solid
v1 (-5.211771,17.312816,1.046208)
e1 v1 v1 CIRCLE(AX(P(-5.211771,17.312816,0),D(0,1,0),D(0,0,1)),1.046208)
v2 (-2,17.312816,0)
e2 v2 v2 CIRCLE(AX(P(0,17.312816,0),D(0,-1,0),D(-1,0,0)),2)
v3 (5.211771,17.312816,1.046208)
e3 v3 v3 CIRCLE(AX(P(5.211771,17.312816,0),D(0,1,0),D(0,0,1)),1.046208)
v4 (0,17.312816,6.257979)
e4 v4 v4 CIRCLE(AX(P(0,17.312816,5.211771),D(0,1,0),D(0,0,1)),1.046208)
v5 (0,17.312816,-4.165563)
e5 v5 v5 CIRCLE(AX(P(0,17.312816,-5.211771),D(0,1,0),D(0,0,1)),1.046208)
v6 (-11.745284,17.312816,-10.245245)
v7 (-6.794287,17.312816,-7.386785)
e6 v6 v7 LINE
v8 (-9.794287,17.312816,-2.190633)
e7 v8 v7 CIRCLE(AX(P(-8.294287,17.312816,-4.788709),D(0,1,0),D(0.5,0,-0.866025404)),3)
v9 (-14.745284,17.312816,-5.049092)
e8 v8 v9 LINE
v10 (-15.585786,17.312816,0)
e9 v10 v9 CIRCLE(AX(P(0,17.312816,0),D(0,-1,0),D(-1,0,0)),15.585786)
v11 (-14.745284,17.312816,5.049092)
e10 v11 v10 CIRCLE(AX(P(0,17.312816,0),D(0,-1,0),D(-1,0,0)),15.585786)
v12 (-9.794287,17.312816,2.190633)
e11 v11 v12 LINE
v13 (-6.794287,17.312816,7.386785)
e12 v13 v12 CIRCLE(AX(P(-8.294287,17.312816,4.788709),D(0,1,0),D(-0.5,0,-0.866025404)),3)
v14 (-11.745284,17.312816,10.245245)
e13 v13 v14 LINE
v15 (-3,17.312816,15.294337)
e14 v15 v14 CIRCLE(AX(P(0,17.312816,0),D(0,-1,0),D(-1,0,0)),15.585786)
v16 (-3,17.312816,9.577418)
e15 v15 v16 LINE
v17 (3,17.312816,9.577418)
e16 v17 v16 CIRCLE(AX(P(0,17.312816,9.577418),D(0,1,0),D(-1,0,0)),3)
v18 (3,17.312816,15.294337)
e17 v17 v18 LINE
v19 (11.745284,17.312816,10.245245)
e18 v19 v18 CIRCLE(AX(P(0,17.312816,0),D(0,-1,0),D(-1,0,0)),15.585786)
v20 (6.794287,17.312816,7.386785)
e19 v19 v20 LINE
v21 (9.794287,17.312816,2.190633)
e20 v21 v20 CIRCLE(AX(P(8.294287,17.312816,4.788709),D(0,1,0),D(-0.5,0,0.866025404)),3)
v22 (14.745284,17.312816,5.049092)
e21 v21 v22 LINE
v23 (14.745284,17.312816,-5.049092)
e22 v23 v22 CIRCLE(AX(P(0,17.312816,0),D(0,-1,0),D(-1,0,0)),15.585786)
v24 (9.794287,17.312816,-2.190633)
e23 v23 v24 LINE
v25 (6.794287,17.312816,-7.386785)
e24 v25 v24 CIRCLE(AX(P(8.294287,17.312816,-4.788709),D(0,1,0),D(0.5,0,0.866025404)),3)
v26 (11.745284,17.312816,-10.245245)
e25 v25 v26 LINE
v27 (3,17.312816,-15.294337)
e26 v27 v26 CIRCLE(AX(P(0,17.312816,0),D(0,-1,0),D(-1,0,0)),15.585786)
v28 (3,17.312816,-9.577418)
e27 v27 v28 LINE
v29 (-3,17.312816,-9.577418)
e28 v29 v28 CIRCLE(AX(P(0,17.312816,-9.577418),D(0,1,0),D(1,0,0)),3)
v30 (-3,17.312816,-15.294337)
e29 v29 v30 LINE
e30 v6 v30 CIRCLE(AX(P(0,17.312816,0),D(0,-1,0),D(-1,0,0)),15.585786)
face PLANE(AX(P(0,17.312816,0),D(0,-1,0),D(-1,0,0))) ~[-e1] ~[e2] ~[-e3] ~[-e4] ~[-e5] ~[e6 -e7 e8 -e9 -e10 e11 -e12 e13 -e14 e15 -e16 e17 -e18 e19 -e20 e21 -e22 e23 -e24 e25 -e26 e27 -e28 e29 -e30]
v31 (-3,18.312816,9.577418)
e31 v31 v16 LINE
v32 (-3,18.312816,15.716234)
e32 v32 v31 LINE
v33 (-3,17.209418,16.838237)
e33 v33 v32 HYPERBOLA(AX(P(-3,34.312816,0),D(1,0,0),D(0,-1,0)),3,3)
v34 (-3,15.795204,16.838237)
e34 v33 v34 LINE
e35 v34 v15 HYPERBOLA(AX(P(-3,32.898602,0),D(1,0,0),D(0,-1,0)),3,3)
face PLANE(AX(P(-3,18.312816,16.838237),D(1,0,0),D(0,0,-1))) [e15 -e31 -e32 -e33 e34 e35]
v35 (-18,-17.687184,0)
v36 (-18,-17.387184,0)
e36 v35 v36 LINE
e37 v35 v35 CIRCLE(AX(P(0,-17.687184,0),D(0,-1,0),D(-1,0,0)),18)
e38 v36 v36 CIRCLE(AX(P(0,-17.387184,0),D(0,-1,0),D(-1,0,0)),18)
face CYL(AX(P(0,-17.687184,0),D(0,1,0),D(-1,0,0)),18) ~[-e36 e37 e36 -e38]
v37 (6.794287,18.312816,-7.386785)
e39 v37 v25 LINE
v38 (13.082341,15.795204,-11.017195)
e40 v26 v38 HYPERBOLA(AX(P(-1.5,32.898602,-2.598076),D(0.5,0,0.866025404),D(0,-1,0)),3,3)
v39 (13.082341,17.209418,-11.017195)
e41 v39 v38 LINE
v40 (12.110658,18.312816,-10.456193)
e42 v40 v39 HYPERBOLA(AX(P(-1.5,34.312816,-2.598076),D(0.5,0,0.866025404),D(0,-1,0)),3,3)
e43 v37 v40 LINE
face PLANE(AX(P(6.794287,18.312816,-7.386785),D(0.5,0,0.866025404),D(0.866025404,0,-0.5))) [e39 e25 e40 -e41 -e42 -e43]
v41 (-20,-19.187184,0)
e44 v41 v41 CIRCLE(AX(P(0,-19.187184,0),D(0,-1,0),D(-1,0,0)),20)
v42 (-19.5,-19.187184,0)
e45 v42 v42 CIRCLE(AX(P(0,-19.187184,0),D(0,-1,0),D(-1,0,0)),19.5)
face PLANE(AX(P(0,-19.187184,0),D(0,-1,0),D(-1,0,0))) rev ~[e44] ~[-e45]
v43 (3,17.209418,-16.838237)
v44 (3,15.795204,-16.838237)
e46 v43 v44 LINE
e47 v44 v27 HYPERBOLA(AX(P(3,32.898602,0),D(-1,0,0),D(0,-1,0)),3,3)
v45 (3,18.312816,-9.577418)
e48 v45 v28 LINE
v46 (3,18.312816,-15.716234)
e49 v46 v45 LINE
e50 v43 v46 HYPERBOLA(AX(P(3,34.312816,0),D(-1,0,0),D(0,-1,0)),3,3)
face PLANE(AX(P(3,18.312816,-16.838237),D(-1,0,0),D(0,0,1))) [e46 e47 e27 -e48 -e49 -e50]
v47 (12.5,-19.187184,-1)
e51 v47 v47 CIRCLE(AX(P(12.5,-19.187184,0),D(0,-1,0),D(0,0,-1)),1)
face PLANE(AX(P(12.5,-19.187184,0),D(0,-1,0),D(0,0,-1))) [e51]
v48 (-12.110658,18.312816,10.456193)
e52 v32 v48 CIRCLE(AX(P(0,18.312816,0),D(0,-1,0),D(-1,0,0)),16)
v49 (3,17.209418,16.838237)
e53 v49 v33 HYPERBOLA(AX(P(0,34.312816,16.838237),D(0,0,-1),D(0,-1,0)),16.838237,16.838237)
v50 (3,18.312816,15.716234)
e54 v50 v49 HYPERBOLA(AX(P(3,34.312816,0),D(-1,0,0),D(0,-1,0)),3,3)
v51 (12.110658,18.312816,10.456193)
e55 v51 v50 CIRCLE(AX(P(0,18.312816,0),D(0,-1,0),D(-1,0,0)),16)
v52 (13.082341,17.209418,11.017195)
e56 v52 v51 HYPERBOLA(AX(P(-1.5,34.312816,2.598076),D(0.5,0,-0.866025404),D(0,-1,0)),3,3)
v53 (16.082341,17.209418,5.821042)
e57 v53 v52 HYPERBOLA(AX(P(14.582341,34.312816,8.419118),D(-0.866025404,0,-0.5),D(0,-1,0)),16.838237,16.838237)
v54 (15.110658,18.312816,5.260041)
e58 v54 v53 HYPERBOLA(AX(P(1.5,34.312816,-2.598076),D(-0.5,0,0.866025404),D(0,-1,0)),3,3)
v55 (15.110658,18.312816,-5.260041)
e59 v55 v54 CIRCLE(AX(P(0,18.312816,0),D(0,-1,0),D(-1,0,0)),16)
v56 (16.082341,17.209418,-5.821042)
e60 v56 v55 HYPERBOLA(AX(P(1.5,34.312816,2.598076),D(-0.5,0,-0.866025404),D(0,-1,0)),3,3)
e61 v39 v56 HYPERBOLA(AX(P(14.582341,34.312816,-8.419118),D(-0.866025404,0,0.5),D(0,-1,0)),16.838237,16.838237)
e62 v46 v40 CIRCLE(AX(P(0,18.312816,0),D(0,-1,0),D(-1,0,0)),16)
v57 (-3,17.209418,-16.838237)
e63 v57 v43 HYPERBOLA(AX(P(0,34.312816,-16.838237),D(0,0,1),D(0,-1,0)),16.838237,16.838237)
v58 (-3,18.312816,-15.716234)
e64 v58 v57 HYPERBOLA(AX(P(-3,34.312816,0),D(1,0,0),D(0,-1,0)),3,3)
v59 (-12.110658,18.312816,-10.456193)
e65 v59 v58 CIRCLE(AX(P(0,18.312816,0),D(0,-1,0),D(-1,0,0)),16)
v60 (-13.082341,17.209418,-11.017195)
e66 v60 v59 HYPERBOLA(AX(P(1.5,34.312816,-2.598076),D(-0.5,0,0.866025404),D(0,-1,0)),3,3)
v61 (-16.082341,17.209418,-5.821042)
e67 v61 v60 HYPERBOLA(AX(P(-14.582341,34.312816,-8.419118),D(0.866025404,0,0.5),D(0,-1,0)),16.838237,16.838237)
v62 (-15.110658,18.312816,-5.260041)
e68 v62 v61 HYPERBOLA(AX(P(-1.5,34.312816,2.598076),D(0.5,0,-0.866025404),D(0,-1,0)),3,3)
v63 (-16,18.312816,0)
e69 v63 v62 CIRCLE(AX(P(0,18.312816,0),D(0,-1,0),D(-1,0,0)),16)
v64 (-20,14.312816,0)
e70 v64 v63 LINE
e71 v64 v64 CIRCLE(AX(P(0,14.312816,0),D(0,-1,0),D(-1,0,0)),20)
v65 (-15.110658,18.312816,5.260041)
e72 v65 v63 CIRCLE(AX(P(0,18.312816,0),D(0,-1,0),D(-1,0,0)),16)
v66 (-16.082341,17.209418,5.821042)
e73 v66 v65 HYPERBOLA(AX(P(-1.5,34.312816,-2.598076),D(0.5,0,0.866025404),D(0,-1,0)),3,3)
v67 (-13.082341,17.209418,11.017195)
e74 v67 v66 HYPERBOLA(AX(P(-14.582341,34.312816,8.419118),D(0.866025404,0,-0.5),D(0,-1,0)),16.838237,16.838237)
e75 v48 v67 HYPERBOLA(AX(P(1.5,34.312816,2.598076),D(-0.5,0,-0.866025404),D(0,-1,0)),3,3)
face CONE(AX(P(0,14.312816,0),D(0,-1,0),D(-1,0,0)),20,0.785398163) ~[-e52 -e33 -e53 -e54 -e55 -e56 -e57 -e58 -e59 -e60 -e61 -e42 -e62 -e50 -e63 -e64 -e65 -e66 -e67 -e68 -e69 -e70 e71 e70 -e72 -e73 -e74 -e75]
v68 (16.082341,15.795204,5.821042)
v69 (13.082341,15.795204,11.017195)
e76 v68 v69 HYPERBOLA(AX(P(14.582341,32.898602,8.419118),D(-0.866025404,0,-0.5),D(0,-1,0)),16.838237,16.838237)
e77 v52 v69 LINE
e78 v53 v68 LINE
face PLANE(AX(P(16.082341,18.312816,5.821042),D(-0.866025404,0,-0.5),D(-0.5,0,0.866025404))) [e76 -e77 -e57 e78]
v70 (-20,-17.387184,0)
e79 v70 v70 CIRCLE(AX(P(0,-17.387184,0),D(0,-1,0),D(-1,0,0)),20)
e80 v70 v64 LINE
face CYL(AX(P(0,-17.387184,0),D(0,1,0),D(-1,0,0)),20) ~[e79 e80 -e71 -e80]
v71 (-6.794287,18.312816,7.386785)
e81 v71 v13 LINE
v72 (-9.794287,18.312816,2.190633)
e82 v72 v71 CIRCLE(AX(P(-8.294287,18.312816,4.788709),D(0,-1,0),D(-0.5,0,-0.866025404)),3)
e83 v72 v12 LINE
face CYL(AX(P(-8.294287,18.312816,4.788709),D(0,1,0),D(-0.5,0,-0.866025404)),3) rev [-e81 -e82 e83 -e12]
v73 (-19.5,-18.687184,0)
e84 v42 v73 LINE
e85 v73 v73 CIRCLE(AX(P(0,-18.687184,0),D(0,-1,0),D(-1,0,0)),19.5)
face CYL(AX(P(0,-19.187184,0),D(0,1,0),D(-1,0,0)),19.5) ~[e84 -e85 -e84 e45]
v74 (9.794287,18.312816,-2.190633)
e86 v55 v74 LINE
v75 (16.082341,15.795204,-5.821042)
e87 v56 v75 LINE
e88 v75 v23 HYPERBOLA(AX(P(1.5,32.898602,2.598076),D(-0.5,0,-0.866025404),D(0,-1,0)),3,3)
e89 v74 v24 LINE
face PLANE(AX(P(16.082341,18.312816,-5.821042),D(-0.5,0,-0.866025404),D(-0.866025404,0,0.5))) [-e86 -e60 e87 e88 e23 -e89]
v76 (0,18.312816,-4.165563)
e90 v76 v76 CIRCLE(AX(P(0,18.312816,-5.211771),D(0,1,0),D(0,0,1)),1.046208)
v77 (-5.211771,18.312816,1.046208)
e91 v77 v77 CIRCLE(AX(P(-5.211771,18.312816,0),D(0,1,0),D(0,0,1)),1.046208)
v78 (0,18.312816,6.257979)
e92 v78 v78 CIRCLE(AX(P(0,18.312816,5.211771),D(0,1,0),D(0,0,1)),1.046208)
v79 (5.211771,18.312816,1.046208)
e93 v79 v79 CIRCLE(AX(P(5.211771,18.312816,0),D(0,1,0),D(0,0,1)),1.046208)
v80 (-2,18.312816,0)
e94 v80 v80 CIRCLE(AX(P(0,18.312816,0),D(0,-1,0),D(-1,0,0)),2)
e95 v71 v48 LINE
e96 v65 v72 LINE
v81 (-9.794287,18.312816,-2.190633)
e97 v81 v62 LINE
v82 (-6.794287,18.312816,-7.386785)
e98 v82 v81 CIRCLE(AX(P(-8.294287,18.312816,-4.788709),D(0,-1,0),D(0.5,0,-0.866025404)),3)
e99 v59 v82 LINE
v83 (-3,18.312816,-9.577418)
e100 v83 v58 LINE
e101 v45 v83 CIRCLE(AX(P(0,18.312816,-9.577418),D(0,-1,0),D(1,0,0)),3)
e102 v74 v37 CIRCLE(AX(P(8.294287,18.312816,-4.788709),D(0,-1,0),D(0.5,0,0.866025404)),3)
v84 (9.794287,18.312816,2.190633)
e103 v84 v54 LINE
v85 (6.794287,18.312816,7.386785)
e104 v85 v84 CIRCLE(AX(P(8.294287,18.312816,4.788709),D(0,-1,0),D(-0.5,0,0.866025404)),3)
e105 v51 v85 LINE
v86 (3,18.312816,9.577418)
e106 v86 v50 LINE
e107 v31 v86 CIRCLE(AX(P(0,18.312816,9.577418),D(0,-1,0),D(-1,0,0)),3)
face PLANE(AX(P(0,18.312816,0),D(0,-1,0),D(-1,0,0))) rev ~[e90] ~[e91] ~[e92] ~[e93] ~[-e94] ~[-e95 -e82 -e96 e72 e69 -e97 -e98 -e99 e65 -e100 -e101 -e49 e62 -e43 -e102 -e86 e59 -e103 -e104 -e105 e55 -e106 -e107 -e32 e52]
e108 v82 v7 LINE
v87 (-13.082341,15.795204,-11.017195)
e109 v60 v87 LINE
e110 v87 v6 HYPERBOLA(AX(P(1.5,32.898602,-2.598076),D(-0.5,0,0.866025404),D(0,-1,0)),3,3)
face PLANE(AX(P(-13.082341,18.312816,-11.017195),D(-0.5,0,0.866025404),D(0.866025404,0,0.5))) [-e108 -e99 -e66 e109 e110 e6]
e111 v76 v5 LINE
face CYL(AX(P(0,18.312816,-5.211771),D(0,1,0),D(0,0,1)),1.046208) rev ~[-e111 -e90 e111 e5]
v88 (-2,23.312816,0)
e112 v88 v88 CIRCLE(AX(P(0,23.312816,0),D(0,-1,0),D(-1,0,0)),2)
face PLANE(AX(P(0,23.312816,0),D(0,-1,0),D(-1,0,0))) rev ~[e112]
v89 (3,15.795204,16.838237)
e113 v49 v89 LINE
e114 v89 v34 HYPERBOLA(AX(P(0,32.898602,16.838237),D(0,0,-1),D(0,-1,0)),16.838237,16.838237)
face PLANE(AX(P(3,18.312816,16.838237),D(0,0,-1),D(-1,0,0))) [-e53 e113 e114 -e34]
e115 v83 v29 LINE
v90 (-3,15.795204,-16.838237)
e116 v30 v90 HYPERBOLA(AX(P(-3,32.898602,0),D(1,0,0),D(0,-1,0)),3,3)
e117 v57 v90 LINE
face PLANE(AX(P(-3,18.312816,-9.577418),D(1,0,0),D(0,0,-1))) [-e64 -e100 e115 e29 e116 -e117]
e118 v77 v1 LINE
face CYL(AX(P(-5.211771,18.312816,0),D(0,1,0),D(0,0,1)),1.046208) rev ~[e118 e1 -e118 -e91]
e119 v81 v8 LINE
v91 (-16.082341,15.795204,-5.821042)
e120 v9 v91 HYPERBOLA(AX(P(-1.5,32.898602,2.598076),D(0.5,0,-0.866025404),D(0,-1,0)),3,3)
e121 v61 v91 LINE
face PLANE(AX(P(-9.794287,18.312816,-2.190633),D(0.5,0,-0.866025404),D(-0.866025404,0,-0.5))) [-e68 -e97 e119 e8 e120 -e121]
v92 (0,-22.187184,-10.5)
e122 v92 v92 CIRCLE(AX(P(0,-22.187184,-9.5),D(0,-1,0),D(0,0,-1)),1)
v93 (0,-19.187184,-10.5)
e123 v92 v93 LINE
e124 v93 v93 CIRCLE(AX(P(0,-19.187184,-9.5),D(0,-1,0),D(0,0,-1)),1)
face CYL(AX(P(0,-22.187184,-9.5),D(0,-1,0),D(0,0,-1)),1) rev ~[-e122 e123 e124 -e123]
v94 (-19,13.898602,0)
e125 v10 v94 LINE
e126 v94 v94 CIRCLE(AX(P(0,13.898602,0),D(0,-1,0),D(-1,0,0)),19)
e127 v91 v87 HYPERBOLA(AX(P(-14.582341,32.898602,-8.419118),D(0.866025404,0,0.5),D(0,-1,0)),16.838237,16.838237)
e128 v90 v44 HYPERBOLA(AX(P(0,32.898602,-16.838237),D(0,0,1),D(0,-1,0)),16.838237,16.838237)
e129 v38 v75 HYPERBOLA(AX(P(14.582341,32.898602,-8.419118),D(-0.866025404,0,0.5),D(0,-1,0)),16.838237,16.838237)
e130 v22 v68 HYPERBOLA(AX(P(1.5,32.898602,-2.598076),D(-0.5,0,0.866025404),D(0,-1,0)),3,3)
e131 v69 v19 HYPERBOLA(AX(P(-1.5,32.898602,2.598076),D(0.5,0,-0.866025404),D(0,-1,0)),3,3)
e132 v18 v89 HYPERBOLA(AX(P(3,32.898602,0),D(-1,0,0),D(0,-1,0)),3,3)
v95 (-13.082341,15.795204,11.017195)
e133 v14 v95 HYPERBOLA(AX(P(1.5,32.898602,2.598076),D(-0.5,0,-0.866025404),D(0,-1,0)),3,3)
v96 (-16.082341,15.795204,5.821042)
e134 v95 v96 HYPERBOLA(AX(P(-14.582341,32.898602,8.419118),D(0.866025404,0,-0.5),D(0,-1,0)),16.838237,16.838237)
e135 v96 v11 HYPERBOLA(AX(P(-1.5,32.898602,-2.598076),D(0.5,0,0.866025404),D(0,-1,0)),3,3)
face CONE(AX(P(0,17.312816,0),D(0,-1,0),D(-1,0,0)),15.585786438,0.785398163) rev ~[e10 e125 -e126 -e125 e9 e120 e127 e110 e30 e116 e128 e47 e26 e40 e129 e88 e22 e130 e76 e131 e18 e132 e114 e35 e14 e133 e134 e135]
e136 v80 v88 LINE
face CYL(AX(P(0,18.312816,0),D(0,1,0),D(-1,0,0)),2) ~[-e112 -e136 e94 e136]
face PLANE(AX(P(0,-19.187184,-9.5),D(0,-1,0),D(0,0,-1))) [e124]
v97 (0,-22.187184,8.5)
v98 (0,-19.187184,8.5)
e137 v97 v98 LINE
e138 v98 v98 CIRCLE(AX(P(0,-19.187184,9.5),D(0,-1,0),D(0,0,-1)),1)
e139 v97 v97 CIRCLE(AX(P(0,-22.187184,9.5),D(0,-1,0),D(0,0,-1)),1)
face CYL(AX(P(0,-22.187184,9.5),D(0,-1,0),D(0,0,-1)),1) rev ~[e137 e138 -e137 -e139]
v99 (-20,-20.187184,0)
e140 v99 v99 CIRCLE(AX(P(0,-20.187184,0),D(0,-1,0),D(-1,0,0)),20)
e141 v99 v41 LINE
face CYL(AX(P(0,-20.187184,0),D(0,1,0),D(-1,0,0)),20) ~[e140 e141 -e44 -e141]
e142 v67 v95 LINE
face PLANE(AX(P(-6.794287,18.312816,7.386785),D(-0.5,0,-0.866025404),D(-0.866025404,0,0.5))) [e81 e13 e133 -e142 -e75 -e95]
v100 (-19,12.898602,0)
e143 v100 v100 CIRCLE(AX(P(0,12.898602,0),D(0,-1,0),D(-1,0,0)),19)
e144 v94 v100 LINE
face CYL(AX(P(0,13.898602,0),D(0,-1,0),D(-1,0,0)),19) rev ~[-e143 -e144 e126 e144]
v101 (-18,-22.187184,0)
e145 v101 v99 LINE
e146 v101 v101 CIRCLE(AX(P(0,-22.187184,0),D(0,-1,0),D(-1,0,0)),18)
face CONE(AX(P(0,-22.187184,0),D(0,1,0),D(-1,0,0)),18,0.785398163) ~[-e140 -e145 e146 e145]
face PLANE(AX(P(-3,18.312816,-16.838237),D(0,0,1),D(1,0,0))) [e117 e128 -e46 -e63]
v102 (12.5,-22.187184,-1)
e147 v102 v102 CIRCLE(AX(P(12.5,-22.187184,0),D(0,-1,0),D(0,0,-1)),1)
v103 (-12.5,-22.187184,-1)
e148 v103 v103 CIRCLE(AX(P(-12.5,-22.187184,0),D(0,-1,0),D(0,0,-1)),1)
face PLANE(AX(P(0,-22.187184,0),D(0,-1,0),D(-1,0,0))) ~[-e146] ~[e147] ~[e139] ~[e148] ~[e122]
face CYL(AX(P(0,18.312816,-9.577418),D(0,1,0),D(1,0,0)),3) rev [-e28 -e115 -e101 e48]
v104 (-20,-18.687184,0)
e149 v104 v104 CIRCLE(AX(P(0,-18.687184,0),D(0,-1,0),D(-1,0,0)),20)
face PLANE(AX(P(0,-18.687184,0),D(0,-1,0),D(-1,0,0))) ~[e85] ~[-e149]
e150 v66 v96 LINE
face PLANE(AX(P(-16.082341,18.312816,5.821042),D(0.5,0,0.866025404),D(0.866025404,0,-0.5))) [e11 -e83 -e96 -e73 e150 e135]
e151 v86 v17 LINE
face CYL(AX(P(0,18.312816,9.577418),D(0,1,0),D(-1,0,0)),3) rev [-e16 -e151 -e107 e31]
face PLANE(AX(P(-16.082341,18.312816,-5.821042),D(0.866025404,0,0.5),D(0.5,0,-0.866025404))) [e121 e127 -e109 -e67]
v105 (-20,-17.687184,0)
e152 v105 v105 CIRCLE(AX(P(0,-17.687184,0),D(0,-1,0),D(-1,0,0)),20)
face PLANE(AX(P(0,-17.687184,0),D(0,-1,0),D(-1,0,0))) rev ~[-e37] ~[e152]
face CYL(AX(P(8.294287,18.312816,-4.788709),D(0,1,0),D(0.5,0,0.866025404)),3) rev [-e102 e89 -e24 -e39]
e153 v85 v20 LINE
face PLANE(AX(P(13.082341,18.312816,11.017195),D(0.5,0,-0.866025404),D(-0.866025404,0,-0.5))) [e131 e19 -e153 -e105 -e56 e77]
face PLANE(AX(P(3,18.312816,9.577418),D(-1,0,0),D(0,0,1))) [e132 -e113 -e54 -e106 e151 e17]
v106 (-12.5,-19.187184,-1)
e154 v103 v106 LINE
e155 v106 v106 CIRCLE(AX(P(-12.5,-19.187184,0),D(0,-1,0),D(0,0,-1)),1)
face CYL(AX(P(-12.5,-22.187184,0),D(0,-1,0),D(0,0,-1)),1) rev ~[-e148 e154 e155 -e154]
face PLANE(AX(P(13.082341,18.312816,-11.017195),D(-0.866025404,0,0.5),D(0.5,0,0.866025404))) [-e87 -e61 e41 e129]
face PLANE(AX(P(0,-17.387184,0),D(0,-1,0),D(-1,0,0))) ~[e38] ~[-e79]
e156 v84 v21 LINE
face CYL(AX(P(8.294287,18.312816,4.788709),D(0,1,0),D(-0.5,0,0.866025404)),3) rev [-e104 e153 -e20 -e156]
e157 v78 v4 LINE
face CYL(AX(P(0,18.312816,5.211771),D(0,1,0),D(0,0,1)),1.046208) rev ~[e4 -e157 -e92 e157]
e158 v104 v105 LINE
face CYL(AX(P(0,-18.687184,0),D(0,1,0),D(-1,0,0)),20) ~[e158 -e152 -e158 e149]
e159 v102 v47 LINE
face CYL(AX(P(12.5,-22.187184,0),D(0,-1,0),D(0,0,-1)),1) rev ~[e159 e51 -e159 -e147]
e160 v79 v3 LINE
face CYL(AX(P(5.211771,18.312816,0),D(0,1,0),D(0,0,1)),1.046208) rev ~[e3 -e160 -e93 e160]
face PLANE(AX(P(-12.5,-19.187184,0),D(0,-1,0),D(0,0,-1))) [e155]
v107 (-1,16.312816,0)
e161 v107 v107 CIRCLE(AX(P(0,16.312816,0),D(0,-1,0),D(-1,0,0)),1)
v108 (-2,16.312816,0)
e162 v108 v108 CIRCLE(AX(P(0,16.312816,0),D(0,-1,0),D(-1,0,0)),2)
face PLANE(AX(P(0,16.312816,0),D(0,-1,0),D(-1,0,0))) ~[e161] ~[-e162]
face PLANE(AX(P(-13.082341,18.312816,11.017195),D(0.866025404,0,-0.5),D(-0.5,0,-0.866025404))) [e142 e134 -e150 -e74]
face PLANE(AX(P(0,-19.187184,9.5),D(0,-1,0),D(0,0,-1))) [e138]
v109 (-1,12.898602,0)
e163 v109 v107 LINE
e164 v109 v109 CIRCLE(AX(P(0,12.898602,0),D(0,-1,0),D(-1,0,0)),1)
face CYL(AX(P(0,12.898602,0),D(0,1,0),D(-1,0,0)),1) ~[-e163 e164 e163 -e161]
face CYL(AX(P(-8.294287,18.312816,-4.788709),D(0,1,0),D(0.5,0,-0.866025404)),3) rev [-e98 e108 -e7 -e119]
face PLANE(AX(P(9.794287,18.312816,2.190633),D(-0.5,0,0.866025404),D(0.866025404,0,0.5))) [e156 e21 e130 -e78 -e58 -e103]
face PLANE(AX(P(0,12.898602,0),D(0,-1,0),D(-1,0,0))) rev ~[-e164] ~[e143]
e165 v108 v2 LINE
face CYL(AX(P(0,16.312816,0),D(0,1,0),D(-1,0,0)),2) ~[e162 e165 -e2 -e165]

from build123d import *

# Parameters (mm, degrees)
SKETCH2_R          = 1.046208244
CUT_EXTRUDE1_DEPTH = 4
SKETCH3_R          = 1
CUT_EXTRUDE2_DEPTH = 3


with BuildPart() as part:
    # Sketch1 → Revolve1 (revolve)
    with BuildSketch(Plane.XY, mode=Mode.PRIVATE) as revolve1_sk:
        Polygon((0, 23.312815917), (0, 0), (0, -22.187184083), (10.054416675, -22.187184083), (18, -22.187184083), (20, -20.187184083), (20, -19.187184083), (19.5, -19.187184083), (19.5, -18.687184083), (20, -18.687184083), (20, -17.687184083), (18, -17.687184083), (18, -17.387184083), (20, -17.387184083), (20, 14.312815917), (16, 18.312815917), (2, 18.312815917), (2, 23.312815917), align=None)
        Polygon((2, 17.312815917), (15.585786438, 17.312815917), (19, 13.898602354), (19, 12.898602354), (1, 12.898602354), (1, 16.312815917), (2, 16.312815917), align=None, mode=Mode.SUBTRACT)
    revolve(revolve1_sk.sketch.rotate(Axis((0, 23.312815917, 0), (0, -1, 0)), 180), axis=Axis((0, 23.312815917, 0), (0, -1, 0)))

    # Sketch2 → Cut-Extrude1 (cut)
    with BuildSketch(Plane(origin=(0, 18.312815917, 0), x_dir=(1, 0, 0), z_dir=(0, 1, 0))):
        with Locations(Location((0, -5.211771178, 0), (0, 0, 270))):
            Circle(SKETCH2_R)
        with Locations(Location((-5.211771178, 0, 0), (0, 0, 270))):
            Circle(SKETCH2_R)
        with Locations(Location((0, 5.211771178, 0), (0, 0, 270))):
            Circle(SKETCH2_R)
        with Locations(Location((5.211771178, 0, 0), (0, 0, 270))):
            Circle(SKETCH2_R)
        with BuildLine():
            Line((-3, 9.577417814), (-3, 16.838236804))
            Line((-3, 16.838236804), (3, 16.838236804))
            Line((3, 16.838236804), (3, 9.577417814))
            ThreePointArc((3, 9.577417814), (0, 6.577417814), (-3, 9.577417814))
        make_face()
        with BuildLine():
            Line((16.082340827, 5.821042191), (9.794287129, 2.190632695))
            ThreePointArc((9.794287129, 2.190632695), (5.696210918, 3.288708907), (6.794287129, 7.386785118))
            Line((6.794287129, 7.386785118), (13.082340827, 11.017194613))
            Line((13.082340827, 11.017194613), (16.082340827, 5.821042191))
        make_face()
        with BuildLine():
            Line((13.082340827, -11.017194613), (6.794287129, -7.386785118))
            ThreePointArc((6.794287129, -7.386785118), (5.696210918, -3.288708907), (9.794287129, -2.190632695))
            Line((9.794287129, -2.190632695), (16.082340827, -5.821042191))
            Line((16.082340827, -5.821042191), (13.082340827, -11.017194613))
        make_face()
        with BuildLine():
            Line((-3, -16.838236804), (-3, -9.577417814))
            ThreePointArc((-3, -9.577417814), (0, -6.577417814), (3, -9.577417814))
            Line((3, -9.577417814), (3, -16.838236804))
            Line((3, -16.838236804), (-3, -16.838236804))
        make_face()
        with BuildLine():
            Line((-16.082340827, -5.821042191), (-9.794287129, -2.190632695))
            ThreePointArc((-9.794287129, -2.190632695), (-5.696210918, -3.288708907), (-6.794287129, -7.386785118))
            Line((-6.794287129, -7.386785118), (-13.082340827, -11.017194613))
            Line((-13.082340827, -11.017194613), (-16.082340827, -5.821042191))
        make_face()
        with BuildLine():
            Line((-13.082340827, 11.017194613), (-6.794287129, 7.386785118))
            ThreePointArc((-6.794287129, 7.386785118), (-5.696210918, 3.288708907), (-9.794287129, 2.190632695))
            Line((-9.794287129, 2.190632695), (-16.082340827, 5.821042191))
            Line((-16.082340827, 5.821042191), (-13.082340827, 11.017194613))
        make_face()
    extrude(amount=-CUT_EXTRUDE1_DEPTH, mode=Mode.SUBTRACT)

    # Sketch3 → Cut-Extrude2 (cut)
    with BuildSketch(Plane.XZ.offset(22.187184083)):
        with Locations(Location((0, -9.5, 0), (0, 0, 270))):
            Circle(SKETCH3_R)
        with Locations(Location((-12.5, 0, 0), (0, 0, 270))):
            Circle(SKETCH3_R)
        with Locations(Location((0, 9.5, 0), (0, 0, 270))):
            Circle(SKETCH3_R)
        with Locations(Location((12.5, 0, 0), (0, 0, 270))):
            Circle(SKETCH3_R)
    extrude(amount=-CUT_EXTRUDE2_DEPTH, mode=Mode.SUBTRACT)


solid = part.part
